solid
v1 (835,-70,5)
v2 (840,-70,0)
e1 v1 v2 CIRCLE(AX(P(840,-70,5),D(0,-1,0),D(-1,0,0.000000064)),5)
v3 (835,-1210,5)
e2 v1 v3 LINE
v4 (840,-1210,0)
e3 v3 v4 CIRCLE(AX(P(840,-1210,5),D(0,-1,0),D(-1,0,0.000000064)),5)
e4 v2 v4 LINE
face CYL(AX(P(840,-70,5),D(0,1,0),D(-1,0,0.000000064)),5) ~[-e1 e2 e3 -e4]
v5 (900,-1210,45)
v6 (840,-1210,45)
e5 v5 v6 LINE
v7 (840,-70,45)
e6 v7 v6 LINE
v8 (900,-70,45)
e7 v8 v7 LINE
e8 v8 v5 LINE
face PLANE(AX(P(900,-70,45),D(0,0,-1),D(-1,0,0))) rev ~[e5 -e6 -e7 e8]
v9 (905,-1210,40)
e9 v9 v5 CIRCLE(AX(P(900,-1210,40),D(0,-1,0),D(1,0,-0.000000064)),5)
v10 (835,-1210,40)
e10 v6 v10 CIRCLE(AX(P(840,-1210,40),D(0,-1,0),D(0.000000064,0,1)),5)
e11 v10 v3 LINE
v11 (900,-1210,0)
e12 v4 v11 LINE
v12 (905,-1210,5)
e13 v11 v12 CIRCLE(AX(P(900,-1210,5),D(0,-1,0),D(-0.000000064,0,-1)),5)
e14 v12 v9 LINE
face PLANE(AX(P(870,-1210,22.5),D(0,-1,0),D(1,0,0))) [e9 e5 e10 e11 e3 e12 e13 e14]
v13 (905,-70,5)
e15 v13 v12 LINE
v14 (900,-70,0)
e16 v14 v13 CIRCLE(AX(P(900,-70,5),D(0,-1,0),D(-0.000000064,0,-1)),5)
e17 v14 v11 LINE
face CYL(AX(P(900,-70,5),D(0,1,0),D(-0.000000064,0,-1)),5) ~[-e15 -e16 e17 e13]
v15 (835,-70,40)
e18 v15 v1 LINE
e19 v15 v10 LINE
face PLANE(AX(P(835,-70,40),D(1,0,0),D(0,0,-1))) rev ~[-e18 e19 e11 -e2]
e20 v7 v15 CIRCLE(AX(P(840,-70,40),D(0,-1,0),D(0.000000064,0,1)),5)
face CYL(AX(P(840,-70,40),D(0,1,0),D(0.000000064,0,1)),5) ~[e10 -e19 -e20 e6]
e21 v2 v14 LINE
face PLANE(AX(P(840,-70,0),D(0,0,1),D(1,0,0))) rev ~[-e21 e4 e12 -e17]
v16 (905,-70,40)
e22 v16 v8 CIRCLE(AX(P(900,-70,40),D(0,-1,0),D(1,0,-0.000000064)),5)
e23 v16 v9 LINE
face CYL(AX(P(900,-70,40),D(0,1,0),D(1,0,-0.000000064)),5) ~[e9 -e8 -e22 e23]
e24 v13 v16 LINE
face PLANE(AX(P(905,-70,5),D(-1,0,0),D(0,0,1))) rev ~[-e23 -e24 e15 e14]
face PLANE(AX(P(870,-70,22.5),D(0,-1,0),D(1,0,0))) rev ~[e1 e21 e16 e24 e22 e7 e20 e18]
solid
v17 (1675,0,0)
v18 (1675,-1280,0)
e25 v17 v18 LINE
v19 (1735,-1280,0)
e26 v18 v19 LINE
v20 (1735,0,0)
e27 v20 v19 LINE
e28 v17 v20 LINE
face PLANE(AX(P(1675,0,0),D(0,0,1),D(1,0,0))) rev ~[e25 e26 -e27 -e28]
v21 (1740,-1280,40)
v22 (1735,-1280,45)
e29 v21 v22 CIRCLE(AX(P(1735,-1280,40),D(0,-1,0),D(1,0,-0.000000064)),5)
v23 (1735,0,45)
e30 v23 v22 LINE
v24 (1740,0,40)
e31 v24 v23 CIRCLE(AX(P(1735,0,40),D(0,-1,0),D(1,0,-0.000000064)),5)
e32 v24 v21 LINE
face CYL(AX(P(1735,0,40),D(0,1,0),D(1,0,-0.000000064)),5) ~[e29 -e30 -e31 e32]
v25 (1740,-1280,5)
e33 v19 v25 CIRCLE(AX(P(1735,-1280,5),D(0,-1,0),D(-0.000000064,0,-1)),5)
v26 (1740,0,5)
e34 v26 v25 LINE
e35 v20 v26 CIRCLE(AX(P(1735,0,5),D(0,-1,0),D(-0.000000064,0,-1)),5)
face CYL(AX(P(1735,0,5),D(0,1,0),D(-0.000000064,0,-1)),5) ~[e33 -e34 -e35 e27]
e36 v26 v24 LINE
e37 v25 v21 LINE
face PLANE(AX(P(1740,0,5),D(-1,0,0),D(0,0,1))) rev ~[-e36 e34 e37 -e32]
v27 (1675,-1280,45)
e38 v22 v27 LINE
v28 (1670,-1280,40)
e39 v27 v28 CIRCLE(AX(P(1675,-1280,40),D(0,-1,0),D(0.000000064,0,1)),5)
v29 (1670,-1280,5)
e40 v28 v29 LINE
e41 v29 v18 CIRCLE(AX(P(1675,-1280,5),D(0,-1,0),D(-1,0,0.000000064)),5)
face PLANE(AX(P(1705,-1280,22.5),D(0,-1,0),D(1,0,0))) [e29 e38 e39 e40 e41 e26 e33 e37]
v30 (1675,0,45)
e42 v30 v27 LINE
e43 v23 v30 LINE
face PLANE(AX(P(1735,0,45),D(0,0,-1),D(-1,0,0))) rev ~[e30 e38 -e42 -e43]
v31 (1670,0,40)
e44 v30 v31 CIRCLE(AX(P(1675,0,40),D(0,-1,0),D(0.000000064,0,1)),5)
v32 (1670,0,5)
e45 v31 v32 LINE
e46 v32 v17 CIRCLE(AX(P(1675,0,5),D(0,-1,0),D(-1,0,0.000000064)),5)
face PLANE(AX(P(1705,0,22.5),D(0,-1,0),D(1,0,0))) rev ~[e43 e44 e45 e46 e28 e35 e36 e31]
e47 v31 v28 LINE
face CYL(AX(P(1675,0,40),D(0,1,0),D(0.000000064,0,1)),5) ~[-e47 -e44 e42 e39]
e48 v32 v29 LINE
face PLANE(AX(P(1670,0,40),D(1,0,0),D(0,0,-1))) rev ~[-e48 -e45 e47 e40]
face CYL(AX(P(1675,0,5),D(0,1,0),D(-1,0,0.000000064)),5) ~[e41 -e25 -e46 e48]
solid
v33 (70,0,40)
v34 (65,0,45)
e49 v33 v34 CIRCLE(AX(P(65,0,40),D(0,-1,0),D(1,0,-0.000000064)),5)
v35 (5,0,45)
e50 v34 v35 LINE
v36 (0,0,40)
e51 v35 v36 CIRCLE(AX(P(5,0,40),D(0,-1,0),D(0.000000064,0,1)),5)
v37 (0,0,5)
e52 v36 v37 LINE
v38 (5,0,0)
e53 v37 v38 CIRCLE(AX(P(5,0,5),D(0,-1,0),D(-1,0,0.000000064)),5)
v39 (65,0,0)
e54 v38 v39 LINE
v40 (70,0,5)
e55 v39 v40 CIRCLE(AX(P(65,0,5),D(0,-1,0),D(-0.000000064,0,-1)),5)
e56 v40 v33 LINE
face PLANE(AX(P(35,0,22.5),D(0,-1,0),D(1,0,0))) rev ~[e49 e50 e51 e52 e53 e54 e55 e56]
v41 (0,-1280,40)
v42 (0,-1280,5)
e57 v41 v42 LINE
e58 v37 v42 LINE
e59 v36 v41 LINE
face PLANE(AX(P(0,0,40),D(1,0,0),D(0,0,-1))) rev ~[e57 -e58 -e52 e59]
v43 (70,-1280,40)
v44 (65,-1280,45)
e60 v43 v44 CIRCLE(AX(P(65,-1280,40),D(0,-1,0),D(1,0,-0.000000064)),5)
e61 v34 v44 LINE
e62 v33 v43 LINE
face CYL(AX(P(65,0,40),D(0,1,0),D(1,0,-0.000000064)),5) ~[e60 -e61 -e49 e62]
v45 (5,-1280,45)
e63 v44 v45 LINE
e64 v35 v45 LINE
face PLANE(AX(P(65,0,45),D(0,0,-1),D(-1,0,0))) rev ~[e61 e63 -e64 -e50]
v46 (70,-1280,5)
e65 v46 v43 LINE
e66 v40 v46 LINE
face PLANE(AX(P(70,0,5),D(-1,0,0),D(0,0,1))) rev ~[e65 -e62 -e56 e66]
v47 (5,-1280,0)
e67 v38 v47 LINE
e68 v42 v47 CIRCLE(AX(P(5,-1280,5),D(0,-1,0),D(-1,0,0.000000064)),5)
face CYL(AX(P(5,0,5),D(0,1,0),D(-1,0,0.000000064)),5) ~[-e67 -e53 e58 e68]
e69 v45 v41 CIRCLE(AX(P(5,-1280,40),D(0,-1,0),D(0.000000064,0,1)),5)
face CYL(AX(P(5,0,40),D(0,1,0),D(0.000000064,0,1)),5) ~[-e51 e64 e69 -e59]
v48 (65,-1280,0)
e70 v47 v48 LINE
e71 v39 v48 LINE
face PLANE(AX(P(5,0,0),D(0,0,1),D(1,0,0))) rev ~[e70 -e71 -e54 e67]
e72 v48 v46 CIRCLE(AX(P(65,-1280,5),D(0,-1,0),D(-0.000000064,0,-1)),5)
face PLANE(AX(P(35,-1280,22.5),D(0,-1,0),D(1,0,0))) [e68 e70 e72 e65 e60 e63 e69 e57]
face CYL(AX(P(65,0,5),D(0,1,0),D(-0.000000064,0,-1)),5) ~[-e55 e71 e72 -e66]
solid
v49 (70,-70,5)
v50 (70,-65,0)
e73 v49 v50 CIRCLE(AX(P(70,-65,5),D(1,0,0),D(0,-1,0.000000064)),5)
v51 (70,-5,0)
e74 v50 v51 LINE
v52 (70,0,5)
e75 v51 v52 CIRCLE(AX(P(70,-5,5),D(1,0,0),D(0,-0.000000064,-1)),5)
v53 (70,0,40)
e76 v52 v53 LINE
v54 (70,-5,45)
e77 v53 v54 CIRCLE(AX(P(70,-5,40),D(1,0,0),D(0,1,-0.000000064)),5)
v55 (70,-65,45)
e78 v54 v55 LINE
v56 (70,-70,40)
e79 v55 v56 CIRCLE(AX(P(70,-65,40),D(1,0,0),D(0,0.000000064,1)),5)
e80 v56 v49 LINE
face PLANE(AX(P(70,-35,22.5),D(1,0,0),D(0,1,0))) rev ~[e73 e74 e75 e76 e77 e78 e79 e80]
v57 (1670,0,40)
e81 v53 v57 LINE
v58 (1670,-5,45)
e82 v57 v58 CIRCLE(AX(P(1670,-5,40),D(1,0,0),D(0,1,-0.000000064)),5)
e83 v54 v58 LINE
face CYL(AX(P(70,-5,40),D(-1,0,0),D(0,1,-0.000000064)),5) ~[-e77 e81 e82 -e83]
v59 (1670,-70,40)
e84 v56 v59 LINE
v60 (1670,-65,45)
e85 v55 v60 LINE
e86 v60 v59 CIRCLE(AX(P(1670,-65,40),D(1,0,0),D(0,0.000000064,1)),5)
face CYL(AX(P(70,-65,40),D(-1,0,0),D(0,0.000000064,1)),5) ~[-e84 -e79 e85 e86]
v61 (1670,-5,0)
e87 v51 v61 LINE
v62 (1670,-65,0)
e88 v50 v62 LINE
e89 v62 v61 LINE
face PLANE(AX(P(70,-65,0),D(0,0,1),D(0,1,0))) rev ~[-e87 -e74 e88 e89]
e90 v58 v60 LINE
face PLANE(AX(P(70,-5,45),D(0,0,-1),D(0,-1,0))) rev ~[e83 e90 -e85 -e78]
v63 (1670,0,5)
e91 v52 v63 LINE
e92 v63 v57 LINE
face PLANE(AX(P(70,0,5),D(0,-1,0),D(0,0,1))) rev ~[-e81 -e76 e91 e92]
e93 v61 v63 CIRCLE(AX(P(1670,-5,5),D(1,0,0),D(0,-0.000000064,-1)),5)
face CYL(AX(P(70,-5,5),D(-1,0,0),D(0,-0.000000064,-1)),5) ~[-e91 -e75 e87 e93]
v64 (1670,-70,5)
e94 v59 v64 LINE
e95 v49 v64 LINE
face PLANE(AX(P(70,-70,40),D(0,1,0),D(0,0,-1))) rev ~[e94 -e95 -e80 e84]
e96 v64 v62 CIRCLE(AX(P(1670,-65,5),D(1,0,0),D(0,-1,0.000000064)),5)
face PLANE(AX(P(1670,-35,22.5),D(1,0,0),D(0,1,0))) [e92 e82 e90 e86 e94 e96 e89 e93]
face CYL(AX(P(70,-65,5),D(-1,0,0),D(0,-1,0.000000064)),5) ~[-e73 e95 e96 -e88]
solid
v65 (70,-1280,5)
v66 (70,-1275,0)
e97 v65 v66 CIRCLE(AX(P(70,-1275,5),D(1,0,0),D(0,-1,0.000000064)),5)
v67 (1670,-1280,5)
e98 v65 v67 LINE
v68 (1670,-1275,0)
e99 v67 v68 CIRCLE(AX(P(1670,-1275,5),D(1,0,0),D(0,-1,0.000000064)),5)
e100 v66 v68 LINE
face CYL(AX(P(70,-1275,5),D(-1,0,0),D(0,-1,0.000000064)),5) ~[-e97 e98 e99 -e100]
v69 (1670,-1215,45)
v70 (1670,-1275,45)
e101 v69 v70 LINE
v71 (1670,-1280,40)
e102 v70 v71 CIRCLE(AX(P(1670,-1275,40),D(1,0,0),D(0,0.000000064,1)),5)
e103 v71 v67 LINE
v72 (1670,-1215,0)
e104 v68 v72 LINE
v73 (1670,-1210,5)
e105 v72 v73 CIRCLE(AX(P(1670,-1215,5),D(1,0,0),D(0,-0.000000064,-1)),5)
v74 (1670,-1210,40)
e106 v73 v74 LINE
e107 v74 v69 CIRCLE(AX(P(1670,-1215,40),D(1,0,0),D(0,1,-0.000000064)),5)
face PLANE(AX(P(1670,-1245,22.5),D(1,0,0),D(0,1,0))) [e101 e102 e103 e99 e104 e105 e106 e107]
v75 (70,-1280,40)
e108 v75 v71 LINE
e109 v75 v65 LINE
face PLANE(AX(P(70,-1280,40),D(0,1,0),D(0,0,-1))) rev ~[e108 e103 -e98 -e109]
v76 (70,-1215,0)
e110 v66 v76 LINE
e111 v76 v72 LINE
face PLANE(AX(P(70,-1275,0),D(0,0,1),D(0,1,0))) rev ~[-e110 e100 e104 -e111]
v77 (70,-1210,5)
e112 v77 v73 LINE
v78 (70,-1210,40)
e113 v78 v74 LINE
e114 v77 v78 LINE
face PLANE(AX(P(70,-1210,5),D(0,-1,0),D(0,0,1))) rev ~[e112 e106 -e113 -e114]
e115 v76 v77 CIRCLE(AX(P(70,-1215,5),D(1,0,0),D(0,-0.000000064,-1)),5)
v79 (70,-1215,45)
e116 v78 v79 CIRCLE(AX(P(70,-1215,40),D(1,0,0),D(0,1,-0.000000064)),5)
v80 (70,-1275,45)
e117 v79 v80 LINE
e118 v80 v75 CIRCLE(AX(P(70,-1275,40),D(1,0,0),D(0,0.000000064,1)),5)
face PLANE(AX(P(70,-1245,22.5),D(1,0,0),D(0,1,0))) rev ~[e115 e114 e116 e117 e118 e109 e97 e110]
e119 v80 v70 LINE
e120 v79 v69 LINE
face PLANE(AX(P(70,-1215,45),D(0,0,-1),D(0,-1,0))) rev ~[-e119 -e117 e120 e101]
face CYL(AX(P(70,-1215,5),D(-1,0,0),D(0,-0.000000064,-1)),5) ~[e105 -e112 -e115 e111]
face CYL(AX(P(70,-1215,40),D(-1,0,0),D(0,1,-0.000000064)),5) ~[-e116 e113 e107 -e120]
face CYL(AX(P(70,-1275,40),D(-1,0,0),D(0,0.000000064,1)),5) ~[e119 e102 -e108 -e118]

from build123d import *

# Parameters (mm, degrees)
F1_DEPTH = 1280
F3_DEPTH = 1600
F5_DEPTH = 1140


with BuildPart() as f1:
    # F0 (on Front) → F1 (new body)
    with BuildSketch(Plane.XZ):
        with BuildLine():
            ThreePointArc((0, 5), (1.464466, 1.464466), (5, 0))
            Line((5, 0), (65, 0))
            ThreePointArc((65, 0), (68.535534, 1.464466), (70, 5))
            Line((70, 5), (70, 40))
            ThreePointArc((70, 40), (68.535534, 43.535534), (65, 45))
            Line((65, 45), (5, 45))
            ThreePointArc((5, 45), (1.464466, 43.535534), (0, 40))
            Line((0, 40), (0, 5))
        make_face()
        with BuildLine():
            ThreePointArc((1670, 5), (1671.464466, 1.464466), (1675, 0))
            Line((1675, 0), (1735, 0))
            ThreePointArc((1735, 0), (1738.535534, 1.464466), (1740, 5))
            Line((1740, 5), (1740, 40))
            ThreePointArc((1740, 40), (1738.535534, 43.535534), (1735, 45))
            Line((1735, 45), (1675, 45))
            ThreePointArc((1675, 45), (1671.464466, 43.535534), (1670, 40))
            Line((1670, 40), (1670, 5))
        make_face()
    extrude(amount=F1_DEPTH)


with BuildPart() as f3:
    # F2 (on face) → F3 (new body, through all)
    with BuildSketch(Plane.YZ.offset(70)):
        with BuildLine():
            Line((-1215, 45), (-1275, 45))
            ThreePointArc((-1275, 45), (-1278.535534, 43.535534), (-1280, 40))
            Line((-1280, 40), (-1280, 5))
            ThreePointArc((-1280, 5), (-1278.535534, 1.464466), (-1275, 0))
            Line((-1275, 0), (-1215, 0))
            ThreePointArc((-1215, 0), (-1211.464466, 1.464466), (-1210, 5))
            Line((-1210, 5), (-1210, 40))
            ThreePointArc((-1210, 40), (-1211.464466, 43.535534), (-1215, 45))
        make_face()
        with BuildLine():
            Line((-65, 0), (-5, 0))
            ThreePointArc((-5, 0), (-1.464466, 1.464466), (0, 5))
            Line((0, 5), (0, 40))
            ThreePointArc((0, 40), (-1.464466, 43.535534), (-5, 45))
            Line((-5, 45), (-65, 45))
            ThreePointArc((-65, 45), (-68.535534, 43.535534), (-70, 40))
            Line((-70, 40), (-70, 5))
            ThreePointArc((-70, 5), (-68.535534, 1.464466), (-65, 0))
        make_face()
    extrude(amount=F3_DEPTH)


with BuildPart() as f5:
    # F4 (on face) → F5 (new body, through all)
    with BuildSketch(Plane.XZ.offset(70)):
        with BuildLine():
            ThreePointArc((835, 5), (836.464466, 1.464466), (840, 0))
            Line((840, 0), (900, 0))
            ThreePointArc((900, 0), (903.535534, 1.464466), (905, 5))
            Line((905, 5), (905, 40))
            ThreePointArc((905, 40), (903.535534, 43.535534), (900, 45))
            Line((900, 45), (840, 45))
            ThreePointArc((840, 45), (836.464466, 43.535534), (835, 40))
            Line((835, 40), (835, 5))
        make_face()
    extrude(amount=F5_DEPTH)


solid = Compound([f1.part, f3.part, f5.part])
